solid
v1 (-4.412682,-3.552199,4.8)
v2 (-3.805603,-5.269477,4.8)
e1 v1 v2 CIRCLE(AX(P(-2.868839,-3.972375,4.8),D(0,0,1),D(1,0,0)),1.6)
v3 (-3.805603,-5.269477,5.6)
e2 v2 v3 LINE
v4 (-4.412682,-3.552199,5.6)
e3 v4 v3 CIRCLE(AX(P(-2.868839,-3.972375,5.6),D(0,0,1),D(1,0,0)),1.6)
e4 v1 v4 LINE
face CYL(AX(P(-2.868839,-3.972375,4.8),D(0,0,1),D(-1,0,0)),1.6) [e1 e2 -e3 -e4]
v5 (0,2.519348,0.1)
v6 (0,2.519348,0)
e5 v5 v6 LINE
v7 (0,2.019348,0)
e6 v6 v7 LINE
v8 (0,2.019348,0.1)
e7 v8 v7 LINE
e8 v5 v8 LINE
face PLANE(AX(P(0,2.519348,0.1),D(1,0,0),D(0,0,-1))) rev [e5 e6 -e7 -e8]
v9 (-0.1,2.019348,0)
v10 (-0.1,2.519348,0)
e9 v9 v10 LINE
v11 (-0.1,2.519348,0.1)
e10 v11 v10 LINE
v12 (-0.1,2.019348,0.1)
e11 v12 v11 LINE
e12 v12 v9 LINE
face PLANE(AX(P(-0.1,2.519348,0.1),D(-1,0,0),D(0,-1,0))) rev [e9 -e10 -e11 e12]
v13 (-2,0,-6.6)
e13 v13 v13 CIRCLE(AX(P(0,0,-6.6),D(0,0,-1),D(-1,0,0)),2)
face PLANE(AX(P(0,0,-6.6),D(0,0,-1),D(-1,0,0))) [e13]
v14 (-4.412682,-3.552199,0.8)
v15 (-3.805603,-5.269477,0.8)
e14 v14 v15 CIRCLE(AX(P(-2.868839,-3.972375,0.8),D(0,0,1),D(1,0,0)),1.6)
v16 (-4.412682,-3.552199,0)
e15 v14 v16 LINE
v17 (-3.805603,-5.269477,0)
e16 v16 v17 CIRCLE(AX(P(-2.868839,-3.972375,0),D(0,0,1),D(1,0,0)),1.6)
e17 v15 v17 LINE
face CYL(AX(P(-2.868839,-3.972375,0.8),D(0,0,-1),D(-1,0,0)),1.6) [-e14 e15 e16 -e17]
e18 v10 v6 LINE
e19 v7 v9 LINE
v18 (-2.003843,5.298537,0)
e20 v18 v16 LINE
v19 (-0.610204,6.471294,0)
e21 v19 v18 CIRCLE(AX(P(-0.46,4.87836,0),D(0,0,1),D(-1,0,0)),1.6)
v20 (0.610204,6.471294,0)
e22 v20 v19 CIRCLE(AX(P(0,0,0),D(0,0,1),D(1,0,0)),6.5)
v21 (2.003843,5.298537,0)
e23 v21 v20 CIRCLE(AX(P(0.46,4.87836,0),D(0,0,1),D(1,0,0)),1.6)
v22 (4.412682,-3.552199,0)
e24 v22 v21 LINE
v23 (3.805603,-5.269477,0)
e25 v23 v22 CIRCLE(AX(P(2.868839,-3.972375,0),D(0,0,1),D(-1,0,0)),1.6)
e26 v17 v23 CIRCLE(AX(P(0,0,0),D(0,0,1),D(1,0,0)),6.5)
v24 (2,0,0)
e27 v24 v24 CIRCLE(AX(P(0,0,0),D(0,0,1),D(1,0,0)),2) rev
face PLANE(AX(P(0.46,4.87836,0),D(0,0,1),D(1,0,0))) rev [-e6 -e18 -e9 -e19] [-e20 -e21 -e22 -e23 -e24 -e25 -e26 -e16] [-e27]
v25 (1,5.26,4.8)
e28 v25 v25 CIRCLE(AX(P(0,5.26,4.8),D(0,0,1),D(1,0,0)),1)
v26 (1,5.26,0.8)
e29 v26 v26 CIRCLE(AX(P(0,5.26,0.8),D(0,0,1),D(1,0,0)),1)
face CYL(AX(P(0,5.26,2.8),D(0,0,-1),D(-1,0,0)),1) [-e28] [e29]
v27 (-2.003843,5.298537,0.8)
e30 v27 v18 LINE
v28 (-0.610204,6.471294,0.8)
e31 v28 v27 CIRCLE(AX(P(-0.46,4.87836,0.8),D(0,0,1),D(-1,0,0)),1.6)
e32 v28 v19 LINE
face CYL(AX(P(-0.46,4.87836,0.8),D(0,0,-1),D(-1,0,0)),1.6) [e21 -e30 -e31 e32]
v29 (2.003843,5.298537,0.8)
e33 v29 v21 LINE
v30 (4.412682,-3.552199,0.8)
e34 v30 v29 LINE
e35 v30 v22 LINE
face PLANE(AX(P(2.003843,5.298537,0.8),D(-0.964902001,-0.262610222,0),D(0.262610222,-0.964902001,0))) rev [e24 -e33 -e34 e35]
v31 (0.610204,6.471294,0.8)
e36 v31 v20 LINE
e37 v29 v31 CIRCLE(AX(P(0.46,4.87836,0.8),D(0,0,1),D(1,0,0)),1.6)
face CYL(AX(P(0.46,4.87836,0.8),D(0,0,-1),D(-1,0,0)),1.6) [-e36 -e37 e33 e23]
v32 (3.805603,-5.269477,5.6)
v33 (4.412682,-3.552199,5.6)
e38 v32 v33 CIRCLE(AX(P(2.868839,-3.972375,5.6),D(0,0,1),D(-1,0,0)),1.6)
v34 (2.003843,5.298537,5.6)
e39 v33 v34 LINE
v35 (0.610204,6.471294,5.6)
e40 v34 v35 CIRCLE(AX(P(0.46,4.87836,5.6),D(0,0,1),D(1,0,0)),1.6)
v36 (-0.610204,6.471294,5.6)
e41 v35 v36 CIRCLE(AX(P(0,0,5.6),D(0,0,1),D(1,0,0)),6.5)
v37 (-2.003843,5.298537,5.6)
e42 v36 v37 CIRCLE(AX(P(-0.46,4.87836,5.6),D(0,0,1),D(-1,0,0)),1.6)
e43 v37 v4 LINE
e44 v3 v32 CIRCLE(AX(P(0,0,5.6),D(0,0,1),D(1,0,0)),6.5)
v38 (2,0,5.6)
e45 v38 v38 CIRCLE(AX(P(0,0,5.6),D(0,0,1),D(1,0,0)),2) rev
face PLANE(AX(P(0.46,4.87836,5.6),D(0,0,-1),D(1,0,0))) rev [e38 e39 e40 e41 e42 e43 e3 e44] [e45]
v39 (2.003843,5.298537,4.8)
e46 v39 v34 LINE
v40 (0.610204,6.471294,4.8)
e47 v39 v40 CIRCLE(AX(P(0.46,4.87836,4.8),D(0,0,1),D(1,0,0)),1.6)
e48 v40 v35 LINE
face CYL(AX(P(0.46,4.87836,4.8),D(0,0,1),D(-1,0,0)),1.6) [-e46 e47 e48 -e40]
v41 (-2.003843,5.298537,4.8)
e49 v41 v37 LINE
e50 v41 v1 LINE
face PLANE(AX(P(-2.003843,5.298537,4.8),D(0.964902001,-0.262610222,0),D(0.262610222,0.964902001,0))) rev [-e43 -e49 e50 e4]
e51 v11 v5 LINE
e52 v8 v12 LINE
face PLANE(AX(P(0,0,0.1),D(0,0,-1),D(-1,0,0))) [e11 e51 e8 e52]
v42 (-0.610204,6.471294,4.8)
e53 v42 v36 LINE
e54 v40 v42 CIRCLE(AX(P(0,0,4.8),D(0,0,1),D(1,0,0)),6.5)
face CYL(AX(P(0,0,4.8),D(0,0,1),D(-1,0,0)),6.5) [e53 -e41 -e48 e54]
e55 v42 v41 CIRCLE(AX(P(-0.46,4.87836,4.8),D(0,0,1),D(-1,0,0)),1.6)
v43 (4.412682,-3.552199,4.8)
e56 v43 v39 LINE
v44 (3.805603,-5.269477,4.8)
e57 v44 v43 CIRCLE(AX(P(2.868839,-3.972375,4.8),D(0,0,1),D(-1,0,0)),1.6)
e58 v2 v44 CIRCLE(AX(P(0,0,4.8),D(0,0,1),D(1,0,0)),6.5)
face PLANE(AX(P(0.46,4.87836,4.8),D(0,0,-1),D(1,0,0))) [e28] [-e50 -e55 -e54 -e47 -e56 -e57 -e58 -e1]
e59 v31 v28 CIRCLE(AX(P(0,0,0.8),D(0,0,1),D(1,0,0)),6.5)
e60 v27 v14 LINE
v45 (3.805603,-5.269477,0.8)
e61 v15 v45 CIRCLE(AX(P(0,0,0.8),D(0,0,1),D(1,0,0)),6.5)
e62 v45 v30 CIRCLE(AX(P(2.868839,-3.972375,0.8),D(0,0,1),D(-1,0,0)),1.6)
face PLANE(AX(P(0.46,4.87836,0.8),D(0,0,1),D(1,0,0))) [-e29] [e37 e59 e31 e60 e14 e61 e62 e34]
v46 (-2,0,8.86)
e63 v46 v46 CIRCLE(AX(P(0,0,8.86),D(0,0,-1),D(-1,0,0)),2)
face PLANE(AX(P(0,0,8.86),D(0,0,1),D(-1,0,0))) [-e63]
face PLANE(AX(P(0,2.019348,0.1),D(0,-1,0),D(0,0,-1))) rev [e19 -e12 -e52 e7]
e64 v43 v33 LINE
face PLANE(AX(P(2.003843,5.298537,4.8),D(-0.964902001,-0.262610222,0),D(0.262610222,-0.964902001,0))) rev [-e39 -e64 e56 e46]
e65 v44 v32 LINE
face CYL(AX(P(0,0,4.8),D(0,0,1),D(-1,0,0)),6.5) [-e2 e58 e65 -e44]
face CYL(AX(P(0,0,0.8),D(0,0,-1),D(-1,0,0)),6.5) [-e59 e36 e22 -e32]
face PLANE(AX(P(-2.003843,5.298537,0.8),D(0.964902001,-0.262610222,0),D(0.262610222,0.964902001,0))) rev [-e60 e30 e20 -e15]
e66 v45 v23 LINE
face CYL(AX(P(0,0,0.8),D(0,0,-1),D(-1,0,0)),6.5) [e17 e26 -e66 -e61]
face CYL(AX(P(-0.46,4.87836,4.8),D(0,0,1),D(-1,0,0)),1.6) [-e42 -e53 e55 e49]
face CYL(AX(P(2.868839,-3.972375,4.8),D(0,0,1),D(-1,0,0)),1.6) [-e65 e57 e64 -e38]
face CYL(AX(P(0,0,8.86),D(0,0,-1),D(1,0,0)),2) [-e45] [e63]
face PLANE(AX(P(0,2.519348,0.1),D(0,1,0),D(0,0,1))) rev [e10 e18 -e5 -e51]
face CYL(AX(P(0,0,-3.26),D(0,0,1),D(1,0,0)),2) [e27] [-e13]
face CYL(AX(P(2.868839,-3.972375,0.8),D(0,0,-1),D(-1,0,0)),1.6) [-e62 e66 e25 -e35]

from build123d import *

# Parameters (mm, degrees)
BOSS_EXTRUDE1_DEPTH = 0.8
SKETCH2_R           = 1
BOSS_EXTRUDE2_DEPTH = 2
SKETCH3_R           = 2
BOSS_EXTRUDE3_DEPTH = 3.26
SKETCH4_R           = 2
BOSS_EXTRUDE4_DEPTH = 3.34
SKETCH5_W           = 0.1
SKETCH5_H           = 0.5
CUT_EXTRUDE1_DEPTH  = 0.1


with BuildPart() as part:
    # Sketch1 → Boss-Extrude1 (new body)
    with BuildSketch(Plane.XY):
        with BuildLine():
            Line((-2.003843202, 5.298536735), (-4.412682198, -3.552198604))
            ThreePointArc((-4.412682198, -3.552198604), (-4.377352827, -4.505653519), (-3.805602751, -5.269476986))
            ThreePointArc((-3.805602751, -5.269476986), (0, -6.5), (3.805602751, -5.269476986))
            ThreePointArc((3.805602751, -5.269476986), (4.377352827, -4.505653519), (4.412682198, -3.552198604))
            Line((4.412682198, -3.552198604), (2.003843202, 5.298536735))
            ThreePointArc((2.003843202, 5.298536735), (1.490188902, 6.102578835), (0.610204082, 6.471294382))
            ThreePointArc((0.610204082, 6.471294382), (0, 6.5), (-0.610204082, 6.471294382))
            ThreePointArc((-0.610204082, 6.471294382), (-1.490188902, 6.102578835), (-2.003843202, 5.298536735))
        make_face()
    extrude(amount=BOSS_EXTRUDE1_DEPTH)

    # Sketch2 → Boss-Extrude2 (add)
    with BuildSketch(Plane.XY.offset(0.8)):
        with Locations((0, 5.26)):
            Circle(SKETCH2_R)
    extrude(amount=BOSS_EXTRUDE2_DEPTH)

    # Sketch3 → Boss-Extrude3 (add)
    with BuildSketch(Plane(origin=(0, 0, 0), x_dir=(-1, 0, 0), z_dir=(0, 0, -1))):
        Circle(SKETCH3_R)
    extrude(amount=BOSS_EXTRUDE3_DEPTH)

    # Mirror1: part across plane


with BuildPart() as part_1:
    add(part.part)
    add(part.part.mirror(Plane(origin=(0, 5.26, 2.8), x_dir=(1, 0, 0), z_dir=(0, 0, 1))))

    # Sketch4 → Boss-Extrude4 (add)
    with BuildSketch(Plane(origin=(0, 0, -3.26), x_dir=(-1, 0, 0), z_dir=(0, 0, -1))):
        Circle(SKETCH4_R)
    extrude(amount=BOSS_EXTRUDE4_DEPTH)

    # Sketch5 → Cut-Extrude1 (cut)
    with BuildSketch(Plane(origin=(0, 0, 0), x_dir=(-1, 0, 0), z_dir=(0, 0, -1))):
        with Locations((0.05, 2.269348072)):
            Rectangle(SKETCH5_W, SKETCH5_H)
    extrude(amount=-CUT_EXTRUDE1_DEPTH, mode=Mode.SUBTRACT)


solid = part_1.part
